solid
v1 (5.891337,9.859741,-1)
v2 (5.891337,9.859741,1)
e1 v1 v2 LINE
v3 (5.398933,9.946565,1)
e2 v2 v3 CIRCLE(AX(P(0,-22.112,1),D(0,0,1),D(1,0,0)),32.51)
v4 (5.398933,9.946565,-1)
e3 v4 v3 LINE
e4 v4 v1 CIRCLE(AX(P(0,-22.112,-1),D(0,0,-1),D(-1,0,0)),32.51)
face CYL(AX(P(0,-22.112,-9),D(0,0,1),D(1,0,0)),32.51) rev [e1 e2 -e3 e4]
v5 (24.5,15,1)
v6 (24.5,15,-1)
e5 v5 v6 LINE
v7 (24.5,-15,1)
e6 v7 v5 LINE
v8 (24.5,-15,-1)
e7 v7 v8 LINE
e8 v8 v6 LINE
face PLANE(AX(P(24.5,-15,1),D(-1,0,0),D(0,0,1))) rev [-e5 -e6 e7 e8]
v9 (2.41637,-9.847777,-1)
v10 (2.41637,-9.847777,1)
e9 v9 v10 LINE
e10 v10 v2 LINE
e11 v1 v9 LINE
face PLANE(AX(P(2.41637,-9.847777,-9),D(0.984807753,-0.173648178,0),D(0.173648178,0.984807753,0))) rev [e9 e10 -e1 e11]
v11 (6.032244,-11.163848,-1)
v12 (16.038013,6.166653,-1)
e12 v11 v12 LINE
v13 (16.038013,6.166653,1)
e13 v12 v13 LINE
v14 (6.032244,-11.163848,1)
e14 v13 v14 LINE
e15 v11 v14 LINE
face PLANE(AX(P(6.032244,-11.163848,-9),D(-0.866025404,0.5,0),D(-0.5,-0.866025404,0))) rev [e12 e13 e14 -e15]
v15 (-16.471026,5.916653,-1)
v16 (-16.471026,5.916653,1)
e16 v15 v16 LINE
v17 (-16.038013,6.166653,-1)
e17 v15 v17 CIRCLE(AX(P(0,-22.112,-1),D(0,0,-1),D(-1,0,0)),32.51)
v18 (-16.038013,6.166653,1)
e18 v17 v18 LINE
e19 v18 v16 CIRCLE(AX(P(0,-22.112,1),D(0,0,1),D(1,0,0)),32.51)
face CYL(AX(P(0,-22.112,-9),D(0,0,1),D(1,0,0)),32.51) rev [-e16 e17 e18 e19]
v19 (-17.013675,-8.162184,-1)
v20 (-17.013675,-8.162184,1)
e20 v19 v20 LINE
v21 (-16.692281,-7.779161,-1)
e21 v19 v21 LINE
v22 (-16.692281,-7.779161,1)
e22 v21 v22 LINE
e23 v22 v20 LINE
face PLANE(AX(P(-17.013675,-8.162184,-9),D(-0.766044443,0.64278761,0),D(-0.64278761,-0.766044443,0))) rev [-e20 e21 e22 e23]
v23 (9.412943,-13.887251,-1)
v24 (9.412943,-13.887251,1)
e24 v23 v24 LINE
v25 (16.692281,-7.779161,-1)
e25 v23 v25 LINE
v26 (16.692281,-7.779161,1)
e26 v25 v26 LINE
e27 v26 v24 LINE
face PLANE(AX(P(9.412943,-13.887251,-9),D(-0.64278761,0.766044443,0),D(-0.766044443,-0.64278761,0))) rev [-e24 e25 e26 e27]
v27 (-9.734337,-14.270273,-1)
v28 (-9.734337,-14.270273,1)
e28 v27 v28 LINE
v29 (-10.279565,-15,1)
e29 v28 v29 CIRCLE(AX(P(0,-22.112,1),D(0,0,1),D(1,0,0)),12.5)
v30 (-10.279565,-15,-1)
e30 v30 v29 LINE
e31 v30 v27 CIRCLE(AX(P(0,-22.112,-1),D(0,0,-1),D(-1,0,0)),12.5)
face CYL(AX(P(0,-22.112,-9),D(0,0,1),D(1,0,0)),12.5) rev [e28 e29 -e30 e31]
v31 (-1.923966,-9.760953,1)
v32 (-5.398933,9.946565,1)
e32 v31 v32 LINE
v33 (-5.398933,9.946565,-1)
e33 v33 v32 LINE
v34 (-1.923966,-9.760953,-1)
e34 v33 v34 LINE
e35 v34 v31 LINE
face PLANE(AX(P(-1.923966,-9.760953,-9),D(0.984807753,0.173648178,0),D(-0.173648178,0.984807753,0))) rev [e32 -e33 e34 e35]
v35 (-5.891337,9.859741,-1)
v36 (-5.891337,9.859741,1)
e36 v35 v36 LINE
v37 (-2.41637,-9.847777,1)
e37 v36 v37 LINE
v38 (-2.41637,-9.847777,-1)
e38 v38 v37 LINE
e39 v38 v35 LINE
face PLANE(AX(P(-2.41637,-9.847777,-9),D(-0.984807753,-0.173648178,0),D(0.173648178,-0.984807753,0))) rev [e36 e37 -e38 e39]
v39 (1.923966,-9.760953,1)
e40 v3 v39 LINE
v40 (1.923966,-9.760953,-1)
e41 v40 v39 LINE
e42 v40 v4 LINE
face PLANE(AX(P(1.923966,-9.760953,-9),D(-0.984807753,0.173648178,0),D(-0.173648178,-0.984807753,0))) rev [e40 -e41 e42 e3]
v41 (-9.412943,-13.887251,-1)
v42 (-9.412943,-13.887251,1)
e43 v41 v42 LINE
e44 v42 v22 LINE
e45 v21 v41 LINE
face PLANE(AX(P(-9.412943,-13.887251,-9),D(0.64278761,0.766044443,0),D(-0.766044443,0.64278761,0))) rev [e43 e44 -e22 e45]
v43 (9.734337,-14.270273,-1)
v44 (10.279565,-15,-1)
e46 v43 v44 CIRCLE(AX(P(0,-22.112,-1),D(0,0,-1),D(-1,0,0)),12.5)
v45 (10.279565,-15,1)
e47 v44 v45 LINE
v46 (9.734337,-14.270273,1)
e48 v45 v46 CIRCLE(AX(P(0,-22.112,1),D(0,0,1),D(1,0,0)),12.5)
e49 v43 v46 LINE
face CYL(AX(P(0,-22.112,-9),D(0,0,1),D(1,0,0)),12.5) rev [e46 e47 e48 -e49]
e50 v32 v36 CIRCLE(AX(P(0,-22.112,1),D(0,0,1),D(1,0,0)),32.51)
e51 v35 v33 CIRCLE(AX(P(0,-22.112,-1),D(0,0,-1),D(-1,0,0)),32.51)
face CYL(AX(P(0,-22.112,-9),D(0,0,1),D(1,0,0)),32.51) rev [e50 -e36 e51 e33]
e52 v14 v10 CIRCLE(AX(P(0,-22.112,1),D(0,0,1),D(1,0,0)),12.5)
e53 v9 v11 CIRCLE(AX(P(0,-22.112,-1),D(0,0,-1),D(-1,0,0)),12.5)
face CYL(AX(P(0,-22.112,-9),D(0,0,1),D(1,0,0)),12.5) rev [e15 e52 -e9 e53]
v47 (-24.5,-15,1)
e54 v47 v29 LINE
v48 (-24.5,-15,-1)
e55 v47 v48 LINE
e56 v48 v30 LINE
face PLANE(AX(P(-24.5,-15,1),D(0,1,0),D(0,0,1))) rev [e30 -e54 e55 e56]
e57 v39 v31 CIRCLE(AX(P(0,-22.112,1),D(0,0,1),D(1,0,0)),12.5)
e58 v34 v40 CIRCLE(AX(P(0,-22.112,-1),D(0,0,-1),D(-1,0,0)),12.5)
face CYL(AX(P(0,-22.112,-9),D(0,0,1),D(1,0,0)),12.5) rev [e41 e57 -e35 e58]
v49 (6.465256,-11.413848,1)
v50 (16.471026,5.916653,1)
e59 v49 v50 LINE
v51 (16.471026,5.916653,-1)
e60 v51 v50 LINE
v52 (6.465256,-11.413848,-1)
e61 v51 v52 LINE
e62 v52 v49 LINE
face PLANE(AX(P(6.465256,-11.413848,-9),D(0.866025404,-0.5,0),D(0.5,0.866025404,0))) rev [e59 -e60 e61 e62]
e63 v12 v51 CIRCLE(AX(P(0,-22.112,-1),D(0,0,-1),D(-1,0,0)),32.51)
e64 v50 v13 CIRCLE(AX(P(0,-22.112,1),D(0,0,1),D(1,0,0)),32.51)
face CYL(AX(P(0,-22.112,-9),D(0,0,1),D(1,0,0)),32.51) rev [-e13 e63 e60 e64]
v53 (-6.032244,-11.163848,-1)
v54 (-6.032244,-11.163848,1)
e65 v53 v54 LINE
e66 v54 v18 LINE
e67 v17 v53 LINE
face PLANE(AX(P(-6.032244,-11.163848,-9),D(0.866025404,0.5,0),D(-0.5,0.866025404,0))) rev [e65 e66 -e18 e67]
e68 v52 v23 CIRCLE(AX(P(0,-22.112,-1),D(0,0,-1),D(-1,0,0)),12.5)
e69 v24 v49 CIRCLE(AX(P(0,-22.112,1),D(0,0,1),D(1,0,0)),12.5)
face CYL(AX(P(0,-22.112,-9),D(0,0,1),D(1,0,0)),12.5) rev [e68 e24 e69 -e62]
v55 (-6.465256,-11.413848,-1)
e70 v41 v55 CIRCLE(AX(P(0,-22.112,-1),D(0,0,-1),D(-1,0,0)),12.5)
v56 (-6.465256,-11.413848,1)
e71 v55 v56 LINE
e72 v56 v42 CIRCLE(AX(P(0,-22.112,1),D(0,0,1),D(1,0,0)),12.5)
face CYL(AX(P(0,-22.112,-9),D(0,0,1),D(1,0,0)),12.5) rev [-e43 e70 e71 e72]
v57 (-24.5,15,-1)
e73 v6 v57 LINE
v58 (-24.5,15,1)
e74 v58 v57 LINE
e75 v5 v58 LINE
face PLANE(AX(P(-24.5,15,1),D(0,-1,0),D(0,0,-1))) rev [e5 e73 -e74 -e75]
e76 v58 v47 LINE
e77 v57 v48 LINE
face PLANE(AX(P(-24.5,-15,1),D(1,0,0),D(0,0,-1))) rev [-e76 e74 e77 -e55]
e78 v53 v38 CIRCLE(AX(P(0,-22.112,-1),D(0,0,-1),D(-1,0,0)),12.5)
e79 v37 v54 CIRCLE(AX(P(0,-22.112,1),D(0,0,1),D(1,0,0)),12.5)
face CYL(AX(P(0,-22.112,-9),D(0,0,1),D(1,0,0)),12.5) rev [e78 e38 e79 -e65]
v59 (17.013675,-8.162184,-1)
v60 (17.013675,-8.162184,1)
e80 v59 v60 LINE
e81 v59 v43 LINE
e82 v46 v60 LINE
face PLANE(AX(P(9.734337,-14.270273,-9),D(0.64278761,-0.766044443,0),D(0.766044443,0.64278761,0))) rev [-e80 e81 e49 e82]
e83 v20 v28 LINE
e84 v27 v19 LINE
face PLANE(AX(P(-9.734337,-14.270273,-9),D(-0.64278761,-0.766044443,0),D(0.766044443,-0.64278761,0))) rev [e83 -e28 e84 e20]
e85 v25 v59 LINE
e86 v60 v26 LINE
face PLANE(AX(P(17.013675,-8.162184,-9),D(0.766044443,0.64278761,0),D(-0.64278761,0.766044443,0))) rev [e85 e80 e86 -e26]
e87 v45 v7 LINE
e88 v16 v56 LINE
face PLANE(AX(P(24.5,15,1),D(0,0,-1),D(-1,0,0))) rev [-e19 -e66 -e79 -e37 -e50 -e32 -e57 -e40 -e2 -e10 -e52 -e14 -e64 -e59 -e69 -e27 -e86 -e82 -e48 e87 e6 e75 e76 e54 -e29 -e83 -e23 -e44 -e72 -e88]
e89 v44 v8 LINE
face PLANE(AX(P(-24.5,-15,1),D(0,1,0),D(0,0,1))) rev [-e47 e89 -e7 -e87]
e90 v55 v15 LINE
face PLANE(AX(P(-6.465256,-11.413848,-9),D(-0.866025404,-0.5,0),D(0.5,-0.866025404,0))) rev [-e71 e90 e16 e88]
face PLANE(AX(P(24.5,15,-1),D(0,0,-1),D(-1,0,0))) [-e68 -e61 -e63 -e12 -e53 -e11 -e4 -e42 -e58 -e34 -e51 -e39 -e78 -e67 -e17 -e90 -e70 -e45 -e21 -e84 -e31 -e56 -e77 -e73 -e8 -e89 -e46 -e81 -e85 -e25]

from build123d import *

# Parameters (mm, degrees)
SKETCH1_W           = 49
SKETCH1_H           = 30
BOSS_EXTRUDE1_DEPTH = 1
CUT_EXTRUDE1_DEPTH  = 10


with BuildPart() as part:
    # Sketch1 → Boss-Extrude1 (new body, symmetric)
    with BuildSketch(Plane.XY):
        Rectangle(SKETCH1_W, SKETCH1_H)
    extrude(amount=BOSS_EXTRUDE1_DEPTH, both=True)

    # Sketch2 → Cut-Extrude1 (cut)
    with BuildSketch(Plane.XY.offset(1)):
        with BuildLine():
            Line((-9.734337139, -14.270273119), (-17.013674651, -8.162183698))
            Line((-17.013674651, -8.162183698), (-16.692280846, -7.779161476))
            Line((-16.692280846, -7.779161476), (-9.412943334, -13.887250898))
            ThreePointArc((-9.412943334, -13.887250898), (-8.034845121, -12.536444461), (-6.465256226, -11.413847733))
            Line((-6.465256226, -11.413847733), (-16.471025722, 5.916653404))
            ThreePointArc((-16.471025722, 5.916653404), (-16.255, 6.042485877), (-16.038013021, 6.166653404))
            Line((-16.038013021, 6.166653404), (-6.032243524, -11.163847733))
            ThreePointArc((-6.032243524, -11.163847733), (-4.275251792, -10.36584224), (-2.416369995, -9.847777397))
            Line((-2.416369995, -9.847777397), (-5.891337274, 9.859741353))
            ThreePointArc((-5.891337274, 9.859741353), (-5.645302256, 9.90410005), (-5.398933397, 9.946565442))
            Line((-5.398933397, 9.946565442), (-1.923966119, -9.760953309))
            ThreePointArc((-1.923966119, -9.760953309), (0, -9.612), (1.923966119, -9.760953309))
            Line((1.923966119, -9.760953309), (5.398933397, 9.946565442))
            ThreePointArc((5.398933397, 9.946565442), (5.645302256, 9.90410005), (5.891337274, 9.859741353))
            Line((5.891337274, 9.859741353), (2.416369995, -9.847777397))
            ThreePointArc((2.416369995, -9.847777397), (4.275251792, -10.36584224), (6.032243524, -11.163847733))
            Line((6.032243524, -11.163847733), (16.038013021, 6.166653404))
            ThreePointArc((16.038013021, 6.166653404), (16.255, 6.042485877), (16.471025722, 5.916653404))
            Line((16.471025722, 5.916653404), (6.465256226, -11.413847733))
            ThreePointArc((6.465256226, -11.413847733), (8.034845121, -12.536444461), (9.412943334, -13.887250898))
            Line((9.412943334, -13.887250898), (16.692280846, -7.779161476))
            Line((16.692280846, -7.779161476), (17.013674651, -8.162183698))
            Line((17.013674651, -8.162183698), (9.734337139, -14.270273119))
            ThreePointArc((9.734337139, -14.270273119), (10.013600489, -14.630168322), (10.279564971, -15))
            Line((10.279564971, -15), (-10.279564971, -15))
            ThreePointArc((-10.279564971, -15), (-10.013600489, -14.630168322), (-9.734337139, -14.270273119))
        make_face()
    extrude(amount=-CUT_EXTRUDE1_DEPTH, mode=Mode.SUBTRACT)


solid = part.part
